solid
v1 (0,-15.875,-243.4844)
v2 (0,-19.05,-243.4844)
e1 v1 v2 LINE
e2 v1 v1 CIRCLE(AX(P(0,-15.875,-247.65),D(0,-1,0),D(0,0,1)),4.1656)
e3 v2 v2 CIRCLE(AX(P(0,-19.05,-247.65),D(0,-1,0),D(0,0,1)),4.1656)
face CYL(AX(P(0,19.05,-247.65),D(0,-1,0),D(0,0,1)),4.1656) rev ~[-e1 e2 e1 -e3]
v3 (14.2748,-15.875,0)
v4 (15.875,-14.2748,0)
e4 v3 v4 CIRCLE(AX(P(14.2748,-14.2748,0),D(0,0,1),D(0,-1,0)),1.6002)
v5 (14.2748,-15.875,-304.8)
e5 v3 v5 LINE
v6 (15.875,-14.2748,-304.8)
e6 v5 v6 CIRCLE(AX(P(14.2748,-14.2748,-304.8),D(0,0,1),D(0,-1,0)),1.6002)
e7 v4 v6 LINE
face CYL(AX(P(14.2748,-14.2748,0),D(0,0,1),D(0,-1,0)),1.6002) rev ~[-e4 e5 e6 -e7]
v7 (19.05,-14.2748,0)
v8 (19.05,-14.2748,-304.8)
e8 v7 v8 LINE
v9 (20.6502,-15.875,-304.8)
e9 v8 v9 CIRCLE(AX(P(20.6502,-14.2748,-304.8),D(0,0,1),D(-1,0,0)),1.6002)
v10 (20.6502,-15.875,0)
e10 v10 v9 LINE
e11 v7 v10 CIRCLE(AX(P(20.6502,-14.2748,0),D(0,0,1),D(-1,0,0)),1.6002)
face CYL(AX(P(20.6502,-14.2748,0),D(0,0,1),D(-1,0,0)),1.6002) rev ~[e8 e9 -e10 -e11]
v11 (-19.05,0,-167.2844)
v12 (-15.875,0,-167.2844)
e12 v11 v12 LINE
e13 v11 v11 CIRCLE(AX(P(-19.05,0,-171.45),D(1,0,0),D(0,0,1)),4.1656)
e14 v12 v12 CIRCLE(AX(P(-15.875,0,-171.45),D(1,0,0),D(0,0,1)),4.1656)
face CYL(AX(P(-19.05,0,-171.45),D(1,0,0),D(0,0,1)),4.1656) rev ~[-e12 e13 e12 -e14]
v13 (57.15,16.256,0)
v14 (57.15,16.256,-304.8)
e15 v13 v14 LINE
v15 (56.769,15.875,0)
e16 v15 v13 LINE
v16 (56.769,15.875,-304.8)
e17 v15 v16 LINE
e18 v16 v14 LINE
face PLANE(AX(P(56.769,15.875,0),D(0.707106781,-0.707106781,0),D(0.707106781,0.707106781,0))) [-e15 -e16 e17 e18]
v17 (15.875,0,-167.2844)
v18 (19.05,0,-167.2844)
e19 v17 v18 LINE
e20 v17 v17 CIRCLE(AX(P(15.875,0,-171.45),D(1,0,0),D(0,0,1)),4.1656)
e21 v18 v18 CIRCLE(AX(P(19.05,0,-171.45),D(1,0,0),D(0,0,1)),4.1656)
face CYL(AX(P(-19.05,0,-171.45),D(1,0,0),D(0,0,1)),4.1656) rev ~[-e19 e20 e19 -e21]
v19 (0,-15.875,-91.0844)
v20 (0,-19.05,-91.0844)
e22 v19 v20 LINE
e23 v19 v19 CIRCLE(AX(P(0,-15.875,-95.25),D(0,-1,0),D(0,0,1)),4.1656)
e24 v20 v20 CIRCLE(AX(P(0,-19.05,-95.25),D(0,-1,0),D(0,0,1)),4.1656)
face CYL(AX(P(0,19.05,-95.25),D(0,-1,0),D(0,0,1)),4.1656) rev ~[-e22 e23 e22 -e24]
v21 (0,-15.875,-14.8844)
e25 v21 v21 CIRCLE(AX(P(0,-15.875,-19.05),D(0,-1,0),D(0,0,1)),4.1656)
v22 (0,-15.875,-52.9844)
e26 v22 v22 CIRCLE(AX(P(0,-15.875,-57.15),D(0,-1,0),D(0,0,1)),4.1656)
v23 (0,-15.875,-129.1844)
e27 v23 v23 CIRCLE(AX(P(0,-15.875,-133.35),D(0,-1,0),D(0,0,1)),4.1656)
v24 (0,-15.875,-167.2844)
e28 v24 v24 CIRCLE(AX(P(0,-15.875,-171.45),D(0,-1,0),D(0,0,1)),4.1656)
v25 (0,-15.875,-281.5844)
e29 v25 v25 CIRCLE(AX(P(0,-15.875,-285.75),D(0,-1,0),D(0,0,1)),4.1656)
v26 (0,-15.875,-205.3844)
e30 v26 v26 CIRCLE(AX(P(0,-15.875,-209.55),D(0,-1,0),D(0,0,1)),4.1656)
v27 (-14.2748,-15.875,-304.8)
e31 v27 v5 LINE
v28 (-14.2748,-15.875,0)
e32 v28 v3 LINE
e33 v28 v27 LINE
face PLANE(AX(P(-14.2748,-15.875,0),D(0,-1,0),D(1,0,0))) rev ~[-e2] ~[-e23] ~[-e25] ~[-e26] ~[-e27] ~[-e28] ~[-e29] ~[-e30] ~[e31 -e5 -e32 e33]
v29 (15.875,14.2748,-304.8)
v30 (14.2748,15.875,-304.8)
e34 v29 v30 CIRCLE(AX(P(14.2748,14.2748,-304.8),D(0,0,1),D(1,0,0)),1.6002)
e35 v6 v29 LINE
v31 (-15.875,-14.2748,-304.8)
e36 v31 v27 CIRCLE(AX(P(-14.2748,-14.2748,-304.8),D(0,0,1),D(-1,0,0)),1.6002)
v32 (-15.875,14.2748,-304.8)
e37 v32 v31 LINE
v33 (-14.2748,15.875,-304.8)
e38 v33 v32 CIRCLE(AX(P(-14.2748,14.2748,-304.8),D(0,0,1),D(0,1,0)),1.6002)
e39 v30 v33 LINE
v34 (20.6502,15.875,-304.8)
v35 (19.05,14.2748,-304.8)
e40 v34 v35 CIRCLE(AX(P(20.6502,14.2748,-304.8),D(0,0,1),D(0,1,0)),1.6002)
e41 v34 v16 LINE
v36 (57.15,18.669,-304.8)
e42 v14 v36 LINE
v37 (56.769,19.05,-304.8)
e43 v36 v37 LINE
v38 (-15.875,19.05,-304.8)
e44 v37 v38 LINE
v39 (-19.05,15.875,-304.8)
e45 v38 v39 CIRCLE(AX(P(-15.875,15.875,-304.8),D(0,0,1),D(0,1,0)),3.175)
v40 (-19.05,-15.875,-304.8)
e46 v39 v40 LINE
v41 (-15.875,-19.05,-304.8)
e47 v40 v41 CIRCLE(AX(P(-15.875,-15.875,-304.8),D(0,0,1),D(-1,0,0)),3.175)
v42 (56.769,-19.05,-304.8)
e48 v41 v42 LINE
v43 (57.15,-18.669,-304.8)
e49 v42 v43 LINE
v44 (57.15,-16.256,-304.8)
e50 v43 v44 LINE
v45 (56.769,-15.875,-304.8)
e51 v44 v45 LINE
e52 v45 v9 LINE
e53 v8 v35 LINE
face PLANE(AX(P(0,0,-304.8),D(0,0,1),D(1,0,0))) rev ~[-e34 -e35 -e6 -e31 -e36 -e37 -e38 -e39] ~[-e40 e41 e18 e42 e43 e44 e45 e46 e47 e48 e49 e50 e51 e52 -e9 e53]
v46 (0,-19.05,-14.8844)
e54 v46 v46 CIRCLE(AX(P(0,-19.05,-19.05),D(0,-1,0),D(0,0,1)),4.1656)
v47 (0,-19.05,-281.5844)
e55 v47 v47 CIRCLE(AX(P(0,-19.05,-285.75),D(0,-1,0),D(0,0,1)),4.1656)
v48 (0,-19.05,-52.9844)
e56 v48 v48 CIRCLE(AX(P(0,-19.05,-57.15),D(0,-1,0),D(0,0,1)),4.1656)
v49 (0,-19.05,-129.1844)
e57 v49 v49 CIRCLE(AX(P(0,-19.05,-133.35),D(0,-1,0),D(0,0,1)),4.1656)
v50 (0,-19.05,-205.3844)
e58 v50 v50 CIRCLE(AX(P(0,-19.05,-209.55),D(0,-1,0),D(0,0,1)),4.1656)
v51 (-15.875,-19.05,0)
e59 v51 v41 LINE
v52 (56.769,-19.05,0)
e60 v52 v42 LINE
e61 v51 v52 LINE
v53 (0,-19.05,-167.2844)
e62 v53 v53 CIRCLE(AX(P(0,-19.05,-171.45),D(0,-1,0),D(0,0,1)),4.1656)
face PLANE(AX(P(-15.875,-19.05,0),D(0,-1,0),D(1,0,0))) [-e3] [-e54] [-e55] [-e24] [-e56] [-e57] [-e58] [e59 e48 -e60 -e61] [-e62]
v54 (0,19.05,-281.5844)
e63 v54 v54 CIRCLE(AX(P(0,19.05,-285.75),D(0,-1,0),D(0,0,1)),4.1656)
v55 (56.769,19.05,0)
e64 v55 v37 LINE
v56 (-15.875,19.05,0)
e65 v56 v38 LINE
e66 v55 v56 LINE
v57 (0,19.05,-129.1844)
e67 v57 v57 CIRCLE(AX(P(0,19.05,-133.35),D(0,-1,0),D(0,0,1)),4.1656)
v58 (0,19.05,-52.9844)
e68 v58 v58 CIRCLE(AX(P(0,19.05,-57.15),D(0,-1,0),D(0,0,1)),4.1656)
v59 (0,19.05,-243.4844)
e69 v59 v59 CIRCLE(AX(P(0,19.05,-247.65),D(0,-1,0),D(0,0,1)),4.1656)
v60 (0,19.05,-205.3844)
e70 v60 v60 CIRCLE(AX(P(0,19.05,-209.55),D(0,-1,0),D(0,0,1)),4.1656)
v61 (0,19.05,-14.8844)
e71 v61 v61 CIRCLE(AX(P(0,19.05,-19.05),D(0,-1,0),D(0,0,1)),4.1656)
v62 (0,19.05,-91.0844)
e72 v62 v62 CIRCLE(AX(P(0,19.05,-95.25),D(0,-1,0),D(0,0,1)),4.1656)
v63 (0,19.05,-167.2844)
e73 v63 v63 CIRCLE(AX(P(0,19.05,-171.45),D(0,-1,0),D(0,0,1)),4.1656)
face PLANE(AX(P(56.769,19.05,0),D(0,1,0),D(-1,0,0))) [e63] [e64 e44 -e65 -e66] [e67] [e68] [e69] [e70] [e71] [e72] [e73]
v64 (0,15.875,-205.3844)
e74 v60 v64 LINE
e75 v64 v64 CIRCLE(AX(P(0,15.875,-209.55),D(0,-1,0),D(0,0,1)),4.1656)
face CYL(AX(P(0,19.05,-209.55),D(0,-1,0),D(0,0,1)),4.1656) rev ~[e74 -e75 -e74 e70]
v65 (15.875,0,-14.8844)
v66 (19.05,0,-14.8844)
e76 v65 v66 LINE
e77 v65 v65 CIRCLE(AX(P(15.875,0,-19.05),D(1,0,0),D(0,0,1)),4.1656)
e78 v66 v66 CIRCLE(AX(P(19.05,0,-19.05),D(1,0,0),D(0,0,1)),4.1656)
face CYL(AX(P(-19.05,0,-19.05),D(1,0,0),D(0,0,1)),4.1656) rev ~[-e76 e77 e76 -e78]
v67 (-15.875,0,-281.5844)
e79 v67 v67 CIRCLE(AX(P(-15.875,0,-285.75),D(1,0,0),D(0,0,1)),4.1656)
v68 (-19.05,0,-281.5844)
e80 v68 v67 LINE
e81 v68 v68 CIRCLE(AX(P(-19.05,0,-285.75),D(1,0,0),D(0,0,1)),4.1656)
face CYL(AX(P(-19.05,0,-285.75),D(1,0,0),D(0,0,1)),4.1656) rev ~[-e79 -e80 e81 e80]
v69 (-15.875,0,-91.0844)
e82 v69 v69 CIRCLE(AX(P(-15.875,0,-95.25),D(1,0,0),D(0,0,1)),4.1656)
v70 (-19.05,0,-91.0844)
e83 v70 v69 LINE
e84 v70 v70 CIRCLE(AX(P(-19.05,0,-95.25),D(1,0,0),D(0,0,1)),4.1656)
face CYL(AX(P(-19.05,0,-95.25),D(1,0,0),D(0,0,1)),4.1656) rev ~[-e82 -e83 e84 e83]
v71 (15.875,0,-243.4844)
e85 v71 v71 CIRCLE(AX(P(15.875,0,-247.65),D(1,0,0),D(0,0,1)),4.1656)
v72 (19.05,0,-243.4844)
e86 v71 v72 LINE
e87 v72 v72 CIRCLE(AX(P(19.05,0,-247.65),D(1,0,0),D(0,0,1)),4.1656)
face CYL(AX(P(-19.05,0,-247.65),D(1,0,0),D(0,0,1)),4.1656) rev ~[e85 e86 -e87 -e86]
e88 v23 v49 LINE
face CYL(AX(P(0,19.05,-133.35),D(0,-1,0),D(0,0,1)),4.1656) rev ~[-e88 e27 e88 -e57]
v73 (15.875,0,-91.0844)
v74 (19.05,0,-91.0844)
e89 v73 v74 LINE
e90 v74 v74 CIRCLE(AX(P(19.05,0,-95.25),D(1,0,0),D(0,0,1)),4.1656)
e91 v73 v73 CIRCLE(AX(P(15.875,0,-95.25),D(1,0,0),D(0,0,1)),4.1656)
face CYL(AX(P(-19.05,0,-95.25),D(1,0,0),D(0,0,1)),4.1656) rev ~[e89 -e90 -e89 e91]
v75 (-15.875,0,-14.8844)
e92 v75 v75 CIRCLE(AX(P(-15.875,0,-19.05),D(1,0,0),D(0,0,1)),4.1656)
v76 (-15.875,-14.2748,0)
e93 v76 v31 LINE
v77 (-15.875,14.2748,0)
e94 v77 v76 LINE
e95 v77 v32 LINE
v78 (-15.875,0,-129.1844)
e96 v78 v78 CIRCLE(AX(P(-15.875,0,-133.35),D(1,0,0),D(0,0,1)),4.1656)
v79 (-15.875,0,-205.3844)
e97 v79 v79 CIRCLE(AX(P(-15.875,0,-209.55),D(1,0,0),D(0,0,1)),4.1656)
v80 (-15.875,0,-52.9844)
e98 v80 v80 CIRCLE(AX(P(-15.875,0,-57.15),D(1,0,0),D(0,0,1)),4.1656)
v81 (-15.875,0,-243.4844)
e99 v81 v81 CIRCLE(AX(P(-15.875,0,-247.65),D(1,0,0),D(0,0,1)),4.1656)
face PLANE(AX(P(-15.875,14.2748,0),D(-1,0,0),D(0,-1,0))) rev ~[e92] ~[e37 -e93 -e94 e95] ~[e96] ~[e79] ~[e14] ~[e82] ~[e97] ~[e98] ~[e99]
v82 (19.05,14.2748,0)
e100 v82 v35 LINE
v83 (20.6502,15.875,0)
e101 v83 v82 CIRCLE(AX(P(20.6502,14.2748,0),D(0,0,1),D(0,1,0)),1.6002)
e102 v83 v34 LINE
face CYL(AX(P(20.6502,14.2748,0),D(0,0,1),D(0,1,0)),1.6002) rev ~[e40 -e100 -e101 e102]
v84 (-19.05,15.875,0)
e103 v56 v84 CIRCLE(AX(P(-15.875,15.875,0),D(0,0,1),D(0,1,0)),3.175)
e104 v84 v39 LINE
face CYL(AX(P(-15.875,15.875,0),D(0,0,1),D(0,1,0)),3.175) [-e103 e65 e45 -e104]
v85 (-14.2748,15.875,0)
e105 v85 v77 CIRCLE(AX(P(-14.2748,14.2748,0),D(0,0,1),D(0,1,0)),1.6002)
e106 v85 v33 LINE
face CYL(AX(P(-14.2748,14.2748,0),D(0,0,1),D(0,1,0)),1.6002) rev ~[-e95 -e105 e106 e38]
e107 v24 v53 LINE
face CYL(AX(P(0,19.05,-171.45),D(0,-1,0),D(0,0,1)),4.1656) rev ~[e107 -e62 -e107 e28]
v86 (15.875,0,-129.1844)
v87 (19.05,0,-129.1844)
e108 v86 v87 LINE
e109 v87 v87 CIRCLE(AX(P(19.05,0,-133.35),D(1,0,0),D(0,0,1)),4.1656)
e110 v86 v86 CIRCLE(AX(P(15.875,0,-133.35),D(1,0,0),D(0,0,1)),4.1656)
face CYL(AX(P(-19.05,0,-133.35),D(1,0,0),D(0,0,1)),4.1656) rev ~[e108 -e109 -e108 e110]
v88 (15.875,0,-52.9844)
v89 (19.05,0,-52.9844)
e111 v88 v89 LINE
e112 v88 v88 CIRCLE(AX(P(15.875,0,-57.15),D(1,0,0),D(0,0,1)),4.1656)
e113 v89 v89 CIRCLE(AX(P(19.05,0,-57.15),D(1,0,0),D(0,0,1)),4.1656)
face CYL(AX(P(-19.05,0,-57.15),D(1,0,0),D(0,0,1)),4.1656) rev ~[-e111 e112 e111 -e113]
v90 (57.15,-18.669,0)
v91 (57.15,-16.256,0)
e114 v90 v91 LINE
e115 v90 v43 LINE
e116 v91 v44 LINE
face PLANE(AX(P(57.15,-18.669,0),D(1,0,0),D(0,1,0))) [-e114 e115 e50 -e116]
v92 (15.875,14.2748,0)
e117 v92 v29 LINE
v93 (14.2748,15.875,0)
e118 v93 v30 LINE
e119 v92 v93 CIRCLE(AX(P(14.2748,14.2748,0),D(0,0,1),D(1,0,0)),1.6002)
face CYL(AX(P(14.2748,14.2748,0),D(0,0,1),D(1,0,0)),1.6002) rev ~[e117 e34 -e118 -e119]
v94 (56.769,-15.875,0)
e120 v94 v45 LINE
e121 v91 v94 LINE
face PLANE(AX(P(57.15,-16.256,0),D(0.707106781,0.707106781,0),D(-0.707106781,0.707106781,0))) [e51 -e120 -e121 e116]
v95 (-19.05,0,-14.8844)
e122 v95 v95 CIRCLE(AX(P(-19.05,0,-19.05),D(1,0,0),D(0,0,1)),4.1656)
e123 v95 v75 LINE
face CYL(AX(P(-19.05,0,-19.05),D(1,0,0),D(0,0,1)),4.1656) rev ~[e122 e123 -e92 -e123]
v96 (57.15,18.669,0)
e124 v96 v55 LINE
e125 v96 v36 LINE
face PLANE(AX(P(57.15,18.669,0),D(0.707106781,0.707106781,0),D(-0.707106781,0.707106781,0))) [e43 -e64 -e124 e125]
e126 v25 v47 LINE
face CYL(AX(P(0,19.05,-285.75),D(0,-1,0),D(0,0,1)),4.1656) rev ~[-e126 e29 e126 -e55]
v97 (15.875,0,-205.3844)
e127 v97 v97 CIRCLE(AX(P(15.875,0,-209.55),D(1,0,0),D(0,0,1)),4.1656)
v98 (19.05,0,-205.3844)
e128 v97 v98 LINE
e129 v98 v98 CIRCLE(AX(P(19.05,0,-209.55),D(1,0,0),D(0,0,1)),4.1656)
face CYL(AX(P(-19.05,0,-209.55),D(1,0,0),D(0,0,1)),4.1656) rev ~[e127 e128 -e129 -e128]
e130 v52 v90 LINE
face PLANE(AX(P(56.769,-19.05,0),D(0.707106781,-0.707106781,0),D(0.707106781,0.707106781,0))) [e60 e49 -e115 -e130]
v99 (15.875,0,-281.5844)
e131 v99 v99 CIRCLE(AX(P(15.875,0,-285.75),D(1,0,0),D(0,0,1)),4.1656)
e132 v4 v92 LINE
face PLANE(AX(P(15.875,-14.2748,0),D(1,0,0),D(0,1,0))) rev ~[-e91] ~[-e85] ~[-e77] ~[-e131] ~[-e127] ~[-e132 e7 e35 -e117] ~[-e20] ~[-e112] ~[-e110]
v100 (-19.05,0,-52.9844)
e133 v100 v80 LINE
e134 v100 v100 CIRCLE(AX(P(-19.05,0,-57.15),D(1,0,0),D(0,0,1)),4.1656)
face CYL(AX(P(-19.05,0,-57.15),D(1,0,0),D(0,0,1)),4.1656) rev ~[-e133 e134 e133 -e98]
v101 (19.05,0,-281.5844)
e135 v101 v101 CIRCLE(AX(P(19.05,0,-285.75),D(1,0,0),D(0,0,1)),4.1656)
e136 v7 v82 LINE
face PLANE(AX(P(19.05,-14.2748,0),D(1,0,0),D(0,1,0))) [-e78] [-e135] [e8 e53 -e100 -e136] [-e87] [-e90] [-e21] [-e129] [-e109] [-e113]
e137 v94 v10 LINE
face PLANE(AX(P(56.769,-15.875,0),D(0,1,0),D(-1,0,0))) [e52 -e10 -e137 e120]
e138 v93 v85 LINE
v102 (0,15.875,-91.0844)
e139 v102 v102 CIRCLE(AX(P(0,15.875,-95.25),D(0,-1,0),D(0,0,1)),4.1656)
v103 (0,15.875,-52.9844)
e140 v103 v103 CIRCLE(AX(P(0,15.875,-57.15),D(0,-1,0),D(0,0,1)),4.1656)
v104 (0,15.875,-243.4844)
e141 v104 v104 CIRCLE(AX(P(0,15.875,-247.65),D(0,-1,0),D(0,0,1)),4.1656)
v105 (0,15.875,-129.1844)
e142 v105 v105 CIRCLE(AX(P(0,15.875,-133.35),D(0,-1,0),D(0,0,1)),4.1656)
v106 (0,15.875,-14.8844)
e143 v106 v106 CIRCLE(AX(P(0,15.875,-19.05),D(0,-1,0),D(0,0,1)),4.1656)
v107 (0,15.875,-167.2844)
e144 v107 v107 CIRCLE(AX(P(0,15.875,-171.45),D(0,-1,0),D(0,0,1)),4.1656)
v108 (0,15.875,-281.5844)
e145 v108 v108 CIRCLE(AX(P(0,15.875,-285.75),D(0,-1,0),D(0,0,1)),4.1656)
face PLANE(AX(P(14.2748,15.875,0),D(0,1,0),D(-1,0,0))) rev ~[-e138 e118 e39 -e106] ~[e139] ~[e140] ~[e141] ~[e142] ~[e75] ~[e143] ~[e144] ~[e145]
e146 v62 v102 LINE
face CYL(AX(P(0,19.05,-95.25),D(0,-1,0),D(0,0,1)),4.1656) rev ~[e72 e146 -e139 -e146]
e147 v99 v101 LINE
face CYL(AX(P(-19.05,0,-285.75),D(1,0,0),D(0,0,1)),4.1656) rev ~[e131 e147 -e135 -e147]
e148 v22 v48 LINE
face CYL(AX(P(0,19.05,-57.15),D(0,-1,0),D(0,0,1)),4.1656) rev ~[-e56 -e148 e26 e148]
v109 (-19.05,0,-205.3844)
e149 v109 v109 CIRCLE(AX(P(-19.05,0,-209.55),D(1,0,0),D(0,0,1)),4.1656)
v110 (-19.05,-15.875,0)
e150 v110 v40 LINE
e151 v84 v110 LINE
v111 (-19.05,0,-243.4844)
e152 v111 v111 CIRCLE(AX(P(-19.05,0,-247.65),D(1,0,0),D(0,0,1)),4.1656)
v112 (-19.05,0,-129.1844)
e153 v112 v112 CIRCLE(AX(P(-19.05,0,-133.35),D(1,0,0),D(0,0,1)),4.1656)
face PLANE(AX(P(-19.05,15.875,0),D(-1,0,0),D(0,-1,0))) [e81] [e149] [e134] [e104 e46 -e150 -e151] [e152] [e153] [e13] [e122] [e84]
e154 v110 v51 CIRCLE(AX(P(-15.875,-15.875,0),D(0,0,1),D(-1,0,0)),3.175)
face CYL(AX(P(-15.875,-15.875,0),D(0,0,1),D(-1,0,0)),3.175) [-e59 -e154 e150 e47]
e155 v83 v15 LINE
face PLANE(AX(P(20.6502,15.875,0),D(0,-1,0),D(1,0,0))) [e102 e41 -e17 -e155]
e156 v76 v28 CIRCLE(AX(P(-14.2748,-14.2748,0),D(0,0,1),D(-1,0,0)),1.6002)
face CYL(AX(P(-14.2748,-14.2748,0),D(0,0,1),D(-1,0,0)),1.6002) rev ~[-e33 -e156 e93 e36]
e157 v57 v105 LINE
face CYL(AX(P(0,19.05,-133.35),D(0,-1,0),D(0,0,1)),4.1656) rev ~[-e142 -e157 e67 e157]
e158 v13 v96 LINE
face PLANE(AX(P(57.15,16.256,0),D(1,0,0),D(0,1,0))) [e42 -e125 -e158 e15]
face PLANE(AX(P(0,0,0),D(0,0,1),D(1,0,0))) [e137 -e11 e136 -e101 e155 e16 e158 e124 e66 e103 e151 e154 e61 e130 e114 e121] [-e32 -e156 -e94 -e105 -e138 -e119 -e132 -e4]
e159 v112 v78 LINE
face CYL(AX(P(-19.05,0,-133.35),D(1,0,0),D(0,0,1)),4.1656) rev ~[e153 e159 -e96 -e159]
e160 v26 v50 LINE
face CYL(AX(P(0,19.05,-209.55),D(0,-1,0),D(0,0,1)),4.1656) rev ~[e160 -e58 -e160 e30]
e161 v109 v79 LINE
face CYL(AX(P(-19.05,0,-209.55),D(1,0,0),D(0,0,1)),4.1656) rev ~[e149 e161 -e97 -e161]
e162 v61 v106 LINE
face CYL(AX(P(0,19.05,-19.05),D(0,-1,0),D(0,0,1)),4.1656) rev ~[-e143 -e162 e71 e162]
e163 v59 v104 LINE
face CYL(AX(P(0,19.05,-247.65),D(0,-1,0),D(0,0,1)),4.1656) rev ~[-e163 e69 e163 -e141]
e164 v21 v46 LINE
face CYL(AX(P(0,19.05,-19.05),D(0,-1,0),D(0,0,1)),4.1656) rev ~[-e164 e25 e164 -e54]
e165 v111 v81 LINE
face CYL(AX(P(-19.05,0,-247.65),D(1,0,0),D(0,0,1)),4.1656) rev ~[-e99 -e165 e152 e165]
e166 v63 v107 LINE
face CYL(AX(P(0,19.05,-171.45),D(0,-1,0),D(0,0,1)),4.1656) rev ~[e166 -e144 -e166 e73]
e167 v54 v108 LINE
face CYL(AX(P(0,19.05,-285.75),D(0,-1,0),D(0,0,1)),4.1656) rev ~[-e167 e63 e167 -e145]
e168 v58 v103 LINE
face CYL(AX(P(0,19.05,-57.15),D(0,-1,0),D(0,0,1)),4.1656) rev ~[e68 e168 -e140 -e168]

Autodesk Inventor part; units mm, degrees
ref_plane "YZ Plane" through (0, 0, 0) normal (1, 0, 0) x (0, 1, 0)
ref_plane "XZ Plane" through (0, 0, 0) normal (0, 1, 0) x (-1, 0, 0)
ref_plane "XY Plane" through (0, 0, 0) normal (0, 0, 1) x (1, 0, 0)
sketch "Sketch1" plane through (0, 0, 0) normal (0, 0, 1) x (1, 0, 0)
  arc A0 (14.2748, -15.875) -> (15.875, -14.2748) centre (14.2748, -14.2748) ccw
  line L0 (15.875, -14.2748) -> (15.875, 14.2748)
  line L1 (14.2748, 15.875) -> (-14.2748, 15.875)
  arc A1 (-14.2748, 15.875) -> (-15.875, 14.2748) centre (-14.2748, 14.2748) ccw
  line L2 (-15.875, 14.2748) -> (-15.875, -14.2748)
  arc A2 (-15.875, -14.2748) -> (-14.2748, -15.875) centre (-14.2748, -14.2748) ccw
  line L3 (-14.2748, -15.875) -> (14.2748, -15.875)
  arc A3 (15.875, 14.2748) -> (14.2748, 15.875) centre (14.2748, 14.2748) ccw
  line L4 (-15.875, -19.05) -> (56.769, -19.05)
  line L5 (56.769, -19.05) -> (57.15, -18.669)
  line L6 (57.15, -18.669) -> (57.15, -16.256)
  line L7 (57.15, -16.256) -> (56.769, -15.875)
  line L8 (56.769, -15.875) -> (20.6502, -15.875)
  arc A4 (19.05, -14.2748) -> (20.6502, -15.875) centre (20.6502, -14.2748) ccw
  line L9 (19.05, -14.2748) -> (19.05, 14.2748)
  arc A5 (20.6502, 15.875) -> (19.05, 14.2748) centre (20.6502, 14.2748) ccw
  line L10 (20.6502, 15.875) -> (56.769, 15.875)
  line L11 (56.769, 15.875) -> (57.15, 16.256)
  line L12 (57.15, 16.256) -> (57.15, 18.669)
  line L13 (57.15, 18.669) -> (56.769, 19.05)
  line L14 (56.769, 19.05) -> (-15.875, 19.05)
  arc A6 (-15.875, 19.05) -> (-19.05, 15.875) centre (-15.875, 15.875) ccw
  line L15 (-19.05, 15.875) -> (-19.05, -15.875)
  arc A7 (-19.05, -15.875) -> (-15.875, -19.05) centre (-15.875, -15.875) ccw
  point P0 (0, 0)
extrude "Extrusion1" add sketch "Sketch1" against normal blind 304.8
hole "Hole1" at (-19.05, 0, -19.05) direction (1, 0, 0) diameter 8.3312 end through all
hole "Hole2" at (0, 19.05, -19.05) direction (0, -1, 0) diameter 8.3312 end through all
pattern_linear "Rectangular Pattern1" count 200 spacing 38.1 along (0, 0, -1) of "Hole2", "Hole1"
properties part number "9726"
